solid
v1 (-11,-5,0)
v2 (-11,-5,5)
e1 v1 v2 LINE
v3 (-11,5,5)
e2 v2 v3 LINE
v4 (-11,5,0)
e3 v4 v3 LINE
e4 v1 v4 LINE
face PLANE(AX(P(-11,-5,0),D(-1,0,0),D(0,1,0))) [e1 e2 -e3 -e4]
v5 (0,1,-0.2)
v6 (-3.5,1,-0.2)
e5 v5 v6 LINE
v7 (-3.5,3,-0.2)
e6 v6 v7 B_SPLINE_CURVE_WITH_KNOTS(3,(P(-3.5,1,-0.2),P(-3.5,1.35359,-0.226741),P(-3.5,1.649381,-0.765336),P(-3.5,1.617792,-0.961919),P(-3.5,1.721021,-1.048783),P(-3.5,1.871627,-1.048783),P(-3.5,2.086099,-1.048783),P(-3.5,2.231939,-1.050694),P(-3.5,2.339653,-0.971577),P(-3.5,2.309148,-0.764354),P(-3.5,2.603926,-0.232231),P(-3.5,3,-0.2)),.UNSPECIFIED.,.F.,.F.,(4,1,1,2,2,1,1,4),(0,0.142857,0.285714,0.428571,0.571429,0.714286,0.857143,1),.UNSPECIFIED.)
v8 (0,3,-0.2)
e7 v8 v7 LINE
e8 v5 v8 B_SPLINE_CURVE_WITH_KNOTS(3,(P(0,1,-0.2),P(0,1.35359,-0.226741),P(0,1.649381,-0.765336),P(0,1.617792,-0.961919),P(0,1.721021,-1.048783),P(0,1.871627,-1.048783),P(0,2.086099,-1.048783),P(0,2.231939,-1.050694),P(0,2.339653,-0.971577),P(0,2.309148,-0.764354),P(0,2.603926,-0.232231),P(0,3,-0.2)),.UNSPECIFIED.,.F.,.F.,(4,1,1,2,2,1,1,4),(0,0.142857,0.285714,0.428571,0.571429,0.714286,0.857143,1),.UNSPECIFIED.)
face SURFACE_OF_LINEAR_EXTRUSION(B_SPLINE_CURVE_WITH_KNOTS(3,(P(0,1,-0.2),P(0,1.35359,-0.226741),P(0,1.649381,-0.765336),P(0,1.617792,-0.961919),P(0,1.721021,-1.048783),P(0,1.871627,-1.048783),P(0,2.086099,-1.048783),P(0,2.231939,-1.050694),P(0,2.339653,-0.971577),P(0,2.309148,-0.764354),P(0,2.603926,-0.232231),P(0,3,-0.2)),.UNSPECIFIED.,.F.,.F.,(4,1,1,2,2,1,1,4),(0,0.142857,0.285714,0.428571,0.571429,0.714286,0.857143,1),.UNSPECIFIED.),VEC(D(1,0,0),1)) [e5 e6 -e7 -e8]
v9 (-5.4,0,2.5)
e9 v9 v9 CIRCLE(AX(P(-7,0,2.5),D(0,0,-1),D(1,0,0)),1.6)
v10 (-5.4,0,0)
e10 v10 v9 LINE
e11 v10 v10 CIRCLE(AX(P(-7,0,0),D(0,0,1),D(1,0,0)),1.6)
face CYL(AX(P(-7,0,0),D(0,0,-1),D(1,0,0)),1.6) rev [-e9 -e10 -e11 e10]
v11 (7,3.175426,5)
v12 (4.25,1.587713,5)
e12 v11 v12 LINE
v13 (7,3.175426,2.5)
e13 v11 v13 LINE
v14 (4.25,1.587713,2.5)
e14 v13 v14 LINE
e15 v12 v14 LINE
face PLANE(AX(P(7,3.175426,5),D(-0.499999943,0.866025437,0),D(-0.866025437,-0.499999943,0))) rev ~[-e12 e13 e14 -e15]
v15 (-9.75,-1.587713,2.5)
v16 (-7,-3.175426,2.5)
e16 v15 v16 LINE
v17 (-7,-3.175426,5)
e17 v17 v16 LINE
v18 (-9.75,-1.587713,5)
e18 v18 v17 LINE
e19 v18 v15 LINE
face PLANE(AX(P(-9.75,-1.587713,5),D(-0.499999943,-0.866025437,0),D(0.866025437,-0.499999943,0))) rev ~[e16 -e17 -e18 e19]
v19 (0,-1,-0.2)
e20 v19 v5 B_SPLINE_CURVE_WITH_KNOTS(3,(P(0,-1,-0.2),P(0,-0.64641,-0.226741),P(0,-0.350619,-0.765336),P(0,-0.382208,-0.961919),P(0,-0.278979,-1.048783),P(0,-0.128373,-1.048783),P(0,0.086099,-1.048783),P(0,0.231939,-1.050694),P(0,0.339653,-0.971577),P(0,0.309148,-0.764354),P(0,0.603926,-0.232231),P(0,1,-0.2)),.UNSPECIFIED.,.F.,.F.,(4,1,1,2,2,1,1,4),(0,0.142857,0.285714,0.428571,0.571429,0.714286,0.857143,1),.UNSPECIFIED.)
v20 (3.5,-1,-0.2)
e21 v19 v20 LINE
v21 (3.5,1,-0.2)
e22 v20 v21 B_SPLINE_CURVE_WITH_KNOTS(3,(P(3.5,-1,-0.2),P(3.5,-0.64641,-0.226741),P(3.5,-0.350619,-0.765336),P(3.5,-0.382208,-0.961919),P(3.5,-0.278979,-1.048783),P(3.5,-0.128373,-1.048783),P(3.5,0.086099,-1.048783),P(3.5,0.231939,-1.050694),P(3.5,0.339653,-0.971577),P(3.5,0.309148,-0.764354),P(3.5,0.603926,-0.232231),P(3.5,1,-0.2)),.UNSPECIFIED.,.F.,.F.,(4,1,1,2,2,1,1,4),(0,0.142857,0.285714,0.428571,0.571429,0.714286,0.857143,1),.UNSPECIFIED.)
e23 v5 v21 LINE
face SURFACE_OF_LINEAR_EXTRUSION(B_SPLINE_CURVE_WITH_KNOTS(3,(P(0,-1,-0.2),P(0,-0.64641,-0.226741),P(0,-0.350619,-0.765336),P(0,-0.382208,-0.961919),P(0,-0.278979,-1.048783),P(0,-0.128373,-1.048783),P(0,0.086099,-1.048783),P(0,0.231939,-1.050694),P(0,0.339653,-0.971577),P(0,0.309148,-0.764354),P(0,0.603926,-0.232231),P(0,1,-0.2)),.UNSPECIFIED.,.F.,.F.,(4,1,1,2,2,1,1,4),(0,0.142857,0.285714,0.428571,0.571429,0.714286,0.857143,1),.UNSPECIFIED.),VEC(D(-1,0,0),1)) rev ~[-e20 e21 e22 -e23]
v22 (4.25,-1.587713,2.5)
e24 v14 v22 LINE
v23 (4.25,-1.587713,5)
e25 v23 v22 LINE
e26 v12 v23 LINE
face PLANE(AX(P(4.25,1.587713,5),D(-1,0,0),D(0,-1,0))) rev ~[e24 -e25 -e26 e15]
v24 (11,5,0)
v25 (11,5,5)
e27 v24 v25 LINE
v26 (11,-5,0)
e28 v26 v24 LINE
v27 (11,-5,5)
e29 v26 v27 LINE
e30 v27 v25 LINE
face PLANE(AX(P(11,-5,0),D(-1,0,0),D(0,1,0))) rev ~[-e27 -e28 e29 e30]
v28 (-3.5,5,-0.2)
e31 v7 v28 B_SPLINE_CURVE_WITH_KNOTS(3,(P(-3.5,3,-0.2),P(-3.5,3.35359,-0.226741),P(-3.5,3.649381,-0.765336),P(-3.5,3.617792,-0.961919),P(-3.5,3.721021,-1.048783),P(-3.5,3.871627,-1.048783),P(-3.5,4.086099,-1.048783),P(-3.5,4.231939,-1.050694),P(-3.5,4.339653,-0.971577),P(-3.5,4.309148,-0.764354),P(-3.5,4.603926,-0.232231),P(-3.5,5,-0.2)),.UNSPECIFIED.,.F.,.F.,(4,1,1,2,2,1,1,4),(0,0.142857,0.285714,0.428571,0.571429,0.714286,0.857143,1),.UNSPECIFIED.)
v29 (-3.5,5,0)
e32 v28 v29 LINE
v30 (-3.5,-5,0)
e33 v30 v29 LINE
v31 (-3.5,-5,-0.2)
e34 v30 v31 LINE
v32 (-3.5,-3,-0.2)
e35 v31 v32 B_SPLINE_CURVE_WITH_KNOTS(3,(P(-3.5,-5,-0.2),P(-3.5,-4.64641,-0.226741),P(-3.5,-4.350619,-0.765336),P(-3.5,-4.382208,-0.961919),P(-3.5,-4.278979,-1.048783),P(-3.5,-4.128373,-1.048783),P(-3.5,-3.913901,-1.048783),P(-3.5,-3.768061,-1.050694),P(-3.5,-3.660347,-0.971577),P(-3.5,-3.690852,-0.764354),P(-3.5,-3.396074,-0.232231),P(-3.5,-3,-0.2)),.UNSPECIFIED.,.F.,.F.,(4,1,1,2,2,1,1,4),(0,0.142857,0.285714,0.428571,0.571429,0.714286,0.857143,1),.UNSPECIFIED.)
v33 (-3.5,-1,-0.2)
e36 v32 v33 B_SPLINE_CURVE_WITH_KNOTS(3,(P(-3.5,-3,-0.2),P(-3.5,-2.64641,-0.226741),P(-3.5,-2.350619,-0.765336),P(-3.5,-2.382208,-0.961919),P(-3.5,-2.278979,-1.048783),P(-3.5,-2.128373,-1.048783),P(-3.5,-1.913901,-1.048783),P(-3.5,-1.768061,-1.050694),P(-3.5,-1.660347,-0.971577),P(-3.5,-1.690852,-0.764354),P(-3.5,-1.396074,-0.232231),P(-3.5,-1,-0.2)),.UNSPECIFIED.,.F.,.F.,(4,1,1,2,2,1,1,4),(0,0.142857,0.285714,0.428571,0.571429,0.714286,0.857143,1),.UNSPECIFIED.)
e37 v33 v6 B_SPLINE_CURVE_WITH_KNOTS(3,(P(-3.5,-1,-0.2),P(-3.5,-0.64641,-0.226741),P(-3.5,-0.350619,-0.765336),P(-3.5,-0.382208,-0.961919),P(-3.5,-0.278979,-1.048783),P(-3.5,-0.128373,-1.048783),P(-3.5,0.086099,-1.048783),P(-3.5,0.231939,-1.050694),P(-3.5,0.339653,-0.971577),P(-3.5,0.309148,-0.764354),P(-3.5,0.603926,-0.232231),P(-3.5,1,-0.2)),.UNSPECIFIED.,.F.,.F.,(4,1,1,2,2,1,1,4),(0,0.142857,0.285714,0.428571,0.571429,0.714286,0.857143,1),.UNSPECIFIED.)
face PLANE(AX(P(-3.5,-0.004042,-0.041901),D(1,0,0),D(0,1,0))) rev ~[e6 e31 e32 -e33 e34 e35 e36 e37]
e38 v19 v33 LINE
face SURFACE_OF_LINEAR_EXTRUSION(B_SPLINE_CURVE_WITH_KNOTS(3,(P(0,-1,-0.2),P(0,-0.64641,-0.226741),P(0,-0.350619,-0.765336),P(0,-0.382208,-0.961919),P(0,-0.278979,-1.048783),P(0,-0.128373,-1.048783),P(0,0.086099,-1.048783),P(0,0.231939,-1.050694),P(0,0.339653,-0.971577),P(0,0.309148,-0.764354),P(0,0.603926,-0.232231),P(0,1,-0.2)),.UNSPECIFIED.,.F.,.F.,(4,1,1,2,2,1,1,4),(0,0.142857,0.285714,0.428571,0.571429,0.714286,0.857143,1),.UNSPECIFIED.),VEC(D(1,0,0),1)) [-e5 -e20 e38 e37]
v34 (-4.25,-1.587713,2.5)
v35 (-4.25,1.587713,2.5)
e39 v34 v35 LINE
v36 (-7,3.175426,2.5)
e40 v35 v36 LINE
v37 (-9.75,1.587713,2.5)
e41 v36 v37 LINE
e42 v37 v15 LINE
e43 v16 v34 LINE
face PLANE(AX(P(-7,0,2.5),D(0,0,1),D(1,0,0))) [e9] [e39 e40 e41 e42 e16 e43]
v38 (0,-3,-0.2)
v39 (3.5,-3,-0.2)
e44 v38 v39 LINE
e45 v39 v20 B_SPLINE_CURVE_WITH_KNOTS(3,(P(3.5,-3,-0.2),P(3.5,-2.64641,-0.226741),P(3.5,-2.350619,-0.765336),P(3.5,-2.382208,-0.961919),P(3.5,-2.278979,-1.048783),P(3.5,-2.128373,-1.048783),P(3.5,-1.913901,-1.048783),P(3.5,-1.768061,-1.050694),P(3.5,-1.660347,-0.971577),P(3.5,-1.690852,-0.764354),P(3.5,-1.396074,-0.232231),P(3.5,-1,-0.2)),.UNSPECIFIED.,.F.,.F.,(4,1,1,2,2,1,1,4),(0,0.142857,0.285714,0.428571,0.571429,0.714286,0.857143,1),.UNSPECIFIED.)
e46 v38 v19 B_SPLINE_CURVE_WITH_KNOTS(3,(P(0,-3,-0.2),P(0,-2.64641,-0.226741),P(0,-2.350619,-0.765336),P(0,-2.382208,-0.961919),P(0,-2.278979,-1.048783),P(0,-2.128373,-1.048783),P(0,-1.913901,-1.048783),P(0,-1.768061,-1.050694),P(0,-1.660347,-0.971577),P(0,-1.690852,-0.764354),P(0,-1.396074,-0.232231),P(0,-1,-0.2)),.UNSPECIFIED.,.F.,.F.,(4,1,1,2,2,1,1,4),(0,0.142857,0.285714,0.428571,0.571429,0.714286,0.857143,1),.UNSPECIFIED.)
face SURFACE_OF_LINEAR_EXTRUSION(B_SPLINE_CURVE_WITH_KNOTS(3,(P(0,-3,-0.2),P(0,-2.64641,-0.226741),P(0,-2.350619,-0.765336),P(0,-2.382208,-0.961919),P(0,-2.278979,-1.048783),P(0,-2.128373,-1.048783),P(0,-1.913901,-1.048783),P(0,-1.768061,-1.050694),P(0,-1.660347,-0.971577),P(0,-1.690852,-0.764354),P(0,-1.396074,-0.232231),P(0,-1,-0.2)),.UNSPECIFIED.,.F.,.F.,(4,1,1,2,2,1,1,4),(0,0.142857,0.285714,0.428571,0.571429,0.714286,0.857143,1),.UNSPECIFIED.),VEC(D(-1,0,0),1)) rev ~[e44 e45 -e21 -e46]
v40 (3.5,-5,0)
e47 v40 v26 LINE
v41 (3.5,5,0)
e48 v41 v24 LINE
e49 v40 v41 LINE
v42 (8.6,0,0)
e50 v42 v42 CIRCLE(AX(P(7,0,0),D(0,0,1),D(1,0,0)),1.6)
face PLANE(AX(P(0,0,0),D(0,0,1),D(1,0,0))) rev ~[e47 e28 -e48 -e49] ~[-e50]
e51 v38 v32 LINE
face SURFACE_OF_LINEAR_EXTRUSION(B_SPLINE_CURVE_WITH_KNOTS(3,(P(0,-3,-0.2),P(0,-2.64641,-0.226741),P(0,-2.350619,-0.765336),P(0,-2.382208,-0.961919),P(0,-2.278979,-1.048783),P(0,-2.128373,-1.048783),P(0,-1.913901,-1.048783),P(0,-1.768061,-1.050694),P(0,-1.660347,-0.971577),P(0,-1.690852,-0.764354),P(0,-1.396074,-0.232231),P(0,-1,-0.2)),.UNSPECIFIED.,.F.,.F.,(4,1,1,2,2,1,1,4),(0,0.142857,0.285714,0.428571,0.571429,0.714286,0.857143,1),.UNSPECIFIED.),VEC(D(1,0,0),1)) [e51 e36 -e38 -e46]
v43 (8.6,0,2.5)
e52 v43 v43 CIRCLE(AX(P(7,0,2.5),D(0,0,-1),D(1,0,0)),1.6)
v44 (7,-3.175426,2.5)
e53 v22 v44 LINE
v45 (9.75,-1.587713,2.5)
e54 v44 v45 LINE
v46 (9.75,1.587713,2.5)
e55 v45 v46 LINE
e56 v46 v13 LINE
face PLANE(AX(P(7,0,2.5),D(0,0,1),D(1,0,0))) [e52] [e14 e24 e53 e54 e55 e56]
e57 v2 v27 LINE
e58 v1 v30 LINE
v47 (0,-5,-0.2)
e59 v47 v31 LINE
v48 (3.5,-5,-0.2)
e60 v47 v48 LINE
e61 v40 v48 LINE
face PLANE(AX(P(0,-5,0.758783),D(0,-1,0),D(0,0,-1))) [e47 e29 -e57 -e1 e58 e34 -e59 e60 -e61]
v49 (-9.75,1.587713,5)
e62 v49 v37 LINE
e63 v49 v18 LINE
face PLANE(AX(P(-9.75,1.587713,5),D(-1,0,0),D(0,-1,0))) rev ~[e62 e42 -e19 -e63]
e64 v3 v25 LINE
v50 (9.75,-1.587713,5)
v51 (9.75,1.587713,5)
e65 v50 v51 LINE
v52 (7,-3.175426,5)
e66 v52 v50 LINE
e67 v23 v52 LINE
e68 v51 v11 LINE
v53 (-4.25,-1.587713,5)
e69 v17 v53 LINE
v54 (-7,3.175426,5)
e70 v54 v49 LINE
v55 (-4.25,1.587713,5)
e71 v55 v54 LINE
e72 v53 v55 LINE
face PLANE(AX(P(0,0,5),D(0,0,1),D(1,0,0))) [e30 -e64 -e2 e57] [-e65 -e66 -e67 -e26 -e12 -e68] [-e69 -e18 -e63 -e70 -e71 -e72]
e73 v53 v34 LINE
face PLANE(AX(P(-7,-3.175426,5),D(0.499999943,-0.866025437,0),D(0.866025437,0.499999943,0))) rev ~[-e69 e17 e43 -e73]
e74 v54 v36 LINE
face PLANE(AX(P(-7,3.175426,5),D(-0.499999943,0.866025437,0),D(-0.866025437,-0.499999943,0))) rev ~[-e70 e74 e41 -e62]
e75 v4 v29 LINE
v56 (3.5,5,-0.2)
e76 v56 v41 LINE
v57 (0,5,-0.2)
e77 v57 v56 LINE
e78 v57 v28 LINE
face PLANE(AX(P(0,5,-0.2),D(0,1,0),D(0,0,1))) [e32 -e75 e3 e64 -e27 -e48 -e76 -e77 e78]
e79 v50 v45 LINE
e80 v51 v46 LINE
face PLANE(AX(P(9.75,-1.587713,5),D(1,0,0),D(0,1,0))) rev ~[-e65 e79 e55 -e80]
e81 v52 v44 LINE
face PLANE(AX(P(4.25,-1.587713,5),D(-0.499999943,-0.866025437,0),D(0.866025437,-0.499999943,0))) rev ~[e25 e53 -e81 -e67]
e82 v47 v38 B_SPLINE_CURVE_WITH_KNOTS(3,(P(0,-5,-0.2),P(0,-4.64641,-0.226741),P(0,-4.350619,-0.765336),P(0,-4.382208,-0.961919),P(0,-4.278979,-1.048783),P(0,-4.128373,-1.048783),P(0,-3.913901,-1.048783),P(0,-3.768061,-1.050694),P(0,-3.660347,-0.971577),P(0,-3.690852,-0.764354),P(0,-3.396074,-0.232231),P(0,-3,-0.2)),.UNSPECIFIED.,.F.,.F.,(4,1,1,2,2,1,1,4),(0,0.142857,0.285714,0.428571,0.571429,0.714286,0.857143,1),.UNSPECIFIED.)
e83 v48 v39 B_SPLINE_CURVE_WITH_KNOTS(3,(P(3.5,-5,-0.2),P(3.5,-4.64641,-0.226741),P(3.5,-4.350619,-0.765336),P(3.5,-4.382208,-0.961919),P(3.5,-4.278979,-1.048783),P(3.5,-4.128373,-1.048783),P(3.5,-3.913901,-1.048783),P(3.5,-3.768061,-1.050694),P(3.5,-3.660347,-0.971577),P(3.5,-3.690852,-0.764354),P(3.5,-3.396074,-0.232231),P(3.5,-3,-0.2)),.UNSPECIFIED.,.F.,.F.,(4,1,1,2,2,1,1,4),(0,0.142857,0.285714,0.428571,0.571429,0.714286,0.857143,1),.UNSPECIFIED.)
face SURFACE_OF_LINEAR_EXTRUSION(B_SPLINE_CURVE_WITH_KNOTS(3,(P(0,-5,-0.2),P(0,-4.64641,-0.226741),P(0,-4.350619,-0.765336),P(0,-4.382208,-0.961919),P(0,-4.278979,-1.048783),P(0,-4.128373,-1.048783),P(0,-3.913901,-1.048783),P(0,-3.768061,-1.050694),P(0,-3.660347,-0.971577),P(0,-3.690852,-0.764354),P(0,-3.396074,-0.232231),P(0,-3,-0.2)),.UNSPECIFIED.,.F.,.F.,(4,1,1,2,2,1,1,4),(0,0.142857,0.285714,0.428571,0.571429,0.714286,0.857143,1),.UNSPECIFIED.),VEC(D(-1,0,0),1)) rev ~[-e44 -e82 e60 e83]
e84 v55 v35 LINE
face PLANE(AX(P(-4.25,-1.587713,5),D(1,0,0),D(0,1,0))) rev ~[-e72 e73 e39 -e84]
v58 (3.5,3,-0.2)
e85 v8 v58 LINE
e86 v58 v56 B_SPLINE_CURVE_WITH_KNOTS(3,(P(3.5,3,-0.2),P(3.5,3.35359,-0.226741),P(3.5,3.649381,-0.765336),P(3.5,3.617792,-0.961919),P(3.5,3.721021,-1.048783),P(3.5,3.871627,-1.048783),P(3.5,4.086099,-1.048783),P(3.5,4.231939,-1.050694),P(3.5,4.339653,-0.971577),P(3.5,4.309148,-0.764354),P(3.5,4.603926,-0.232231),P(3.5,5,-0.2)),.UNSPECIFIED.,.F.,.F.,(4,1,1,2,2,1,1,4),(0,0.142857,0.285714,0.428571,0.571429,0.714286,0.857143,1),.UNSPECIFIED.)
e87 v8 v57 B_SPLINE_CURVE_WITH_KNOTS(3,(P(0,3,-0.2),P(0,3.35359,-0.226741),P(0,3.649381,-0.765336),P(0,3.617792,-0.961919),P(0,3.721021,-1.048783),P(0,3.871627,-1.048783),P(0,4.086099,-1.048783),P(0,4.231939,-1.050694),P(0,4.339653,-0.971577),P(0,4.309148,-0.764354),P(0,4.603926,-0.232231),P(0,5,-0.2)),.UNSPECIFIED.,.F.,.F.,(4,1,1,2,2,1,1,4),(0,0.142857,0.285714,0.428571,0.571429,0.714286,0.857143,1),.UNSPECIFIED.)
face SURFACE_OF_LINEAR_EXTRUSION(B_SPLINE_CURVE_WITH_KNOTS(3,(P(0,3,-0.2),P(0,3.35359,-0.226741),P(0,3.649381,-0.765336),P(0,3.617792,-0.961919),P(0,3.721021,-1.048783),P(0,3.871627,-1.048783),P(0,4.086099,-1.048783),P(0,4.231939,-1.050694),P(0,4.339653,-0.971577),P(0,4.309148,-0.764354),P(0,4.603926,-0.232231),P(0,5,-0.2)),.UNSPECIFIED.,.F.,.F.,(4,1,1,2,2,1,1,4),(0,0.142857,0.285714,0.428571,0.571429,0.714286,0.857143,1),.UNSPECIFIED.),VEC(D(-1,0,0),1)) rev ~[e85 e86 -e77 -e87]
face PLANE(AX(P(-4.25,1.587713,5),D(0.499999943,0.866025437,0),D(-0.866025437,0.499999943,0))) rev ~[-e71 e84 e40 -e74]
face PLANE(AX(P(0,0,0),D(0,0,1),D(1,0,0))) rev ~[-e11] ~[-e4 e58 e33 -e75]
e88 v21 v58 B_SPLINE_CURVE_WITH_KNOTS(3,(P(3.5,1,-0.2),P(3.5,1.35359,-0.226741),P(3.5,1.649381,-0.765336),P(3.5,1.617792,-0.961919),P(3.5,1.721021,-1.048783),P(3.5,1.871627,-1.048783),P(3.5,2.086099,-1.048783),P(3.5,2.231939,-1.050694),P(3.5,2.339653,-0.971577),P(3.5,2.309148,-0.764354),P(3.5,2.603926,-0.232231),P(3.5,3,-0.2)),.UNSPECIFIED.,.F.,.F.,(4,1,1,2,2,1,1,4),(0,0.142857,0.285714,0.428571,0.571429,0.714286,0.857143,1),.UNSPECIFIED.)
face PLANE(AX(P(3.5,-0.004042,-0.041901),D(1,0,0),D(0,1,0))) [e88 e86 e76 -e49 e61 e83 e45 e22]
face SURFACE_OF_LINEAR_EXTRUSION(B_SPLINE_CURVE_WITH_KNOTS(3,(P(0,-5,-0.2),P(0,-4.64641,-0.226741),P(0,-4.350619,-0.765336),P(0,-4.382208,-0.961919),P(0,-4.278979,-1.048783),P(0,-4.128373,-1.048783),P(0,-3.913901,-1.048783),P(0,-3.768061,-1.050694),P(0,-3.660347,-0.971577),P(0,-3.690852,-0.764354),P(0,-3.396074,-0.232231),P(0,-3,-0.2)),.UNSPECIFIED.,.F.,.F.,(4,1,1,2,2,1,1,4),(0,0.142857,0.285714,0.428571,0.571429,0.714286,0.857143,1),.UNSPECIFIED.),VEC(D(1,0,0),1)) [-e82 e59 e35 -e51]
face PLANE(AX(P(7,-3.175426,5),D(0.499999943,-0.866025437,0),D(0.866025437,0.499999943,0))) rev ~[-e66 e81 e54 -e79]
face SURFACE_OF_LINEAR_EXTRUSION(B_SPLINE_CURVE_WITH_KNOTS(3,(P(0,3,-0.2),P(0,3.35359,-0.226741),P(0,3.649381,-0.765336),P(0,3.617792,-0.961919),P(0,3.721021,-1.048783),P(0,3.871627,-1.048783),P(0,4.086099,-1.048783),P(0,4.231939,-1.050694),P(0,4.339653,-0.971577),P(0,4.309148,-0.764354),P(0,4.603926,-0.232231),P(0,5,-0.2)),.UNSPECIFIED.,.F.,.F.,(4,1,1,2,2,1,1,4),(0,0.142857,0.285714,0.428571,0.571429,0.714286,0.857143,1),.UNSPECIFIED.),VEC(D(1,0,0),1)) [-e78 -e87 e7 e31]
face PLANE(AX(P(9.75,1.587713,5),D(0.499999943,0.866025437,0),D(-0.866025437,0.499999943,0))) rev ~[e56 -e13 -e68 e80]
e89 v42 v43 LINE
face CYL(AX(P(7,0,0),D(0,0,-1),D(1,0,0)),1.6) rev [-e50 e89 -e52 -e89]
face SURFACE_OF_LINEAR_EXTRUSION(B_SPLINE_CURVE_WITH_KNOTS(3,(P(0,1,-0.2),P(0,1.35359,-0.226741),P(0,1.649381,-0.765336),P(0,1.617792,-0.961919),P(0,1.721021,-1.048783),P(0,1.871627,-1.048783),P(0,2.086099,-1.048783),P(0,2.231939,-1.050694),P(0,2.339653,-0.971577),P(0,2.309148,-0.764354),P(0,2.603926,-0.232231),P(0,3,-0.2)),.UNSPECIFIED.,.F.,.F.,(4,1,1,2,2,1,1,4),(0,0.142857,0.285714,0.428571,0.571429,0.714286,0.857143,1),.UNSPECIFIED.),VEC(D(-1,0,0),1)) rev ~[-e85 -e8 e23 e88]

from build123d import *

# Parameters (mm, degrees)
SKETCH_W        = 22
SKETCH_H        = 10
PAD_DEPTH       = 5
PAD001_DEPTH    = 3.5
SKETCH009_R     = 1.6
POCKET_DEPTH    = 5.001
POCKET001_DEPTH = 2.5


with BuildPart() as part:
    # Sketch → Pad (new body)
    with BuildSketch(Plane.XY):
        Rectangle(SKETCH_W, SKETCH_H)
    extrude(amount=PAD_DEPTH)

    # Sketch008 (on DatumPlane) → Pad001 (join, symmetric)
    with BuildSketch(Plane(origin=(0, -5, -0.2), x_dir=(0, 1, 0), z_dir=(1, 0, 0))):
        with BuildLine():
            add(Edge.make_bspline(
                [(0, 0), (0.35359, -0.026741), (0.649381, -0.565336), (0.617792, -0.761919), (0.721021, -0.848783), (0.871627, -0.848783), (1.086099, -0.848783), (1.231939, -0.850694), (1.339653, -0.771577), (1.309148, -0.564354), (1.603926, -0.032231), (2, 0)],
                knots=[0, 0, 0, 0, 0.142857, 0.285714, 0.428571, 0.428571, 0.571429, 0.571429, 0.714286, 0.857143, 1, 1, 1, 1], degree=3))
            add(Edge.make_bspline(
                [(2, 0), (2.35359, -0.026741), (2.649381, -0.565336), (2.617792, -0.761919), (2.721021, -0.848783), (2.871627, -0.848783), (3.086099, -0.848783), (3.231939, -0.850694), (3.339653, -0.771577), (3.309148, -0.564354), (3.603926, -0.032231), (4, 0)],
                knots=[0, 0, 0, 0, 0.142857, 0.285714, 0.428571, 0.428571, 0.571429, 0.571429, 0.714286, 0.857143, 1, 1, 1, 1], degree=3))
            add(Edge.make_bspline(
                [(4, 0), (4.35359, -0.026741), (4.649381, -0.565336), (4.617792, -0.761919), (4.721021, -0.848783), (4.871627, -0.848783), (5.086099, -0.848783), (5.231939, -0.850694), (5.339653, -0.771577), (5.309148, -0.564354), (5.603926, -0.032231), (6, 0)],
                knots=[0, 0, 0, 0, 0.142857, 0.285714, 0.428571, 0.428571, 0.571429, 0.571429, 0.714286, 0.857143, 1, 1, 1, 1], degree=3))
            add(Edge.make_bspline(
                [(6, 0), (6.35359, -0.026741), (6.649381, -0.565336), (6.617792, -0.761919), (6.721021, -0.848783), (6.871627, -0.848783), (7.086099, -0.848783), (7.231939, -0.850694), (7.339653, -0.771577), (7.309148, -0.564354), (7.603926, -0.032231), (8, 0)],
                knots=[0, 0, 0, 0, 0.142857, 0.285714, 0.428571, 0.428571, 0.571429, 0.571429, 0.714286, 0.857143, 1, 1, 1, 1], degree=3))
            add(Edge.make_bspline(
                [(8, 0), (8.35359, -0.026741), (8.649381, -0.565336), (8.617792, -0.761919), (8.721021, -0.848783), (8.871627, -0.848783), (9.086099, -0.848783), (9.231939, -0.850694), (9.339653, -0.771577), (9.309148, -0.564354), (9.603926, -0.032231), (10, 0)],
                knots=[0, 0, 0, 0, 0.142857, 0.285714, 0.428571, 0.428571, 0.571429, 0.571429, 0.714286, 0.857143, 1, 1, 1, 1], degree=3))
            Line((10, 0), (10, 0.958783))
            Line((10, 0.958783), (0, 0.958783))
            Line((0, 0.958783), (0, 0))
        make_face()
    extrude(amount=PAD001_DEPTH, both=True)

    # Sketch009 → Pocket (cut, through all)
    with BuildSketch(Plane.XY):
        with Locations((-7, 0)):
            Circle(SKETCH009_R)
        with Locations((7, 0)):
            Circle(SKETCH009_R)
    extrude(amount=POCKET_DEPTH, mode=Mode.SUBTRACT)

    # Sketch010 (on DatumPlane) → Pocket001 (cut)
    with BuildSketch(Plane.XY.offset(5)):
        Polygon((-4.25, -1.587713), (-4.25, 1.587713), (-7, 3.175426), (-9.75, 1.587713), (-9.75, -1.587713), (-7, -3.175426), align=None)
        Polygon((4.25, -1.587713), (7, -3.175426), (9.75, -1.587713), (9.75, 1.587713), (7, 3.175426), (4.25, 1.587713), align=None)
    extrude(amount=-POCKET001_DEPTH, mode=Mode.SUBTRACT)


solid = part.part
